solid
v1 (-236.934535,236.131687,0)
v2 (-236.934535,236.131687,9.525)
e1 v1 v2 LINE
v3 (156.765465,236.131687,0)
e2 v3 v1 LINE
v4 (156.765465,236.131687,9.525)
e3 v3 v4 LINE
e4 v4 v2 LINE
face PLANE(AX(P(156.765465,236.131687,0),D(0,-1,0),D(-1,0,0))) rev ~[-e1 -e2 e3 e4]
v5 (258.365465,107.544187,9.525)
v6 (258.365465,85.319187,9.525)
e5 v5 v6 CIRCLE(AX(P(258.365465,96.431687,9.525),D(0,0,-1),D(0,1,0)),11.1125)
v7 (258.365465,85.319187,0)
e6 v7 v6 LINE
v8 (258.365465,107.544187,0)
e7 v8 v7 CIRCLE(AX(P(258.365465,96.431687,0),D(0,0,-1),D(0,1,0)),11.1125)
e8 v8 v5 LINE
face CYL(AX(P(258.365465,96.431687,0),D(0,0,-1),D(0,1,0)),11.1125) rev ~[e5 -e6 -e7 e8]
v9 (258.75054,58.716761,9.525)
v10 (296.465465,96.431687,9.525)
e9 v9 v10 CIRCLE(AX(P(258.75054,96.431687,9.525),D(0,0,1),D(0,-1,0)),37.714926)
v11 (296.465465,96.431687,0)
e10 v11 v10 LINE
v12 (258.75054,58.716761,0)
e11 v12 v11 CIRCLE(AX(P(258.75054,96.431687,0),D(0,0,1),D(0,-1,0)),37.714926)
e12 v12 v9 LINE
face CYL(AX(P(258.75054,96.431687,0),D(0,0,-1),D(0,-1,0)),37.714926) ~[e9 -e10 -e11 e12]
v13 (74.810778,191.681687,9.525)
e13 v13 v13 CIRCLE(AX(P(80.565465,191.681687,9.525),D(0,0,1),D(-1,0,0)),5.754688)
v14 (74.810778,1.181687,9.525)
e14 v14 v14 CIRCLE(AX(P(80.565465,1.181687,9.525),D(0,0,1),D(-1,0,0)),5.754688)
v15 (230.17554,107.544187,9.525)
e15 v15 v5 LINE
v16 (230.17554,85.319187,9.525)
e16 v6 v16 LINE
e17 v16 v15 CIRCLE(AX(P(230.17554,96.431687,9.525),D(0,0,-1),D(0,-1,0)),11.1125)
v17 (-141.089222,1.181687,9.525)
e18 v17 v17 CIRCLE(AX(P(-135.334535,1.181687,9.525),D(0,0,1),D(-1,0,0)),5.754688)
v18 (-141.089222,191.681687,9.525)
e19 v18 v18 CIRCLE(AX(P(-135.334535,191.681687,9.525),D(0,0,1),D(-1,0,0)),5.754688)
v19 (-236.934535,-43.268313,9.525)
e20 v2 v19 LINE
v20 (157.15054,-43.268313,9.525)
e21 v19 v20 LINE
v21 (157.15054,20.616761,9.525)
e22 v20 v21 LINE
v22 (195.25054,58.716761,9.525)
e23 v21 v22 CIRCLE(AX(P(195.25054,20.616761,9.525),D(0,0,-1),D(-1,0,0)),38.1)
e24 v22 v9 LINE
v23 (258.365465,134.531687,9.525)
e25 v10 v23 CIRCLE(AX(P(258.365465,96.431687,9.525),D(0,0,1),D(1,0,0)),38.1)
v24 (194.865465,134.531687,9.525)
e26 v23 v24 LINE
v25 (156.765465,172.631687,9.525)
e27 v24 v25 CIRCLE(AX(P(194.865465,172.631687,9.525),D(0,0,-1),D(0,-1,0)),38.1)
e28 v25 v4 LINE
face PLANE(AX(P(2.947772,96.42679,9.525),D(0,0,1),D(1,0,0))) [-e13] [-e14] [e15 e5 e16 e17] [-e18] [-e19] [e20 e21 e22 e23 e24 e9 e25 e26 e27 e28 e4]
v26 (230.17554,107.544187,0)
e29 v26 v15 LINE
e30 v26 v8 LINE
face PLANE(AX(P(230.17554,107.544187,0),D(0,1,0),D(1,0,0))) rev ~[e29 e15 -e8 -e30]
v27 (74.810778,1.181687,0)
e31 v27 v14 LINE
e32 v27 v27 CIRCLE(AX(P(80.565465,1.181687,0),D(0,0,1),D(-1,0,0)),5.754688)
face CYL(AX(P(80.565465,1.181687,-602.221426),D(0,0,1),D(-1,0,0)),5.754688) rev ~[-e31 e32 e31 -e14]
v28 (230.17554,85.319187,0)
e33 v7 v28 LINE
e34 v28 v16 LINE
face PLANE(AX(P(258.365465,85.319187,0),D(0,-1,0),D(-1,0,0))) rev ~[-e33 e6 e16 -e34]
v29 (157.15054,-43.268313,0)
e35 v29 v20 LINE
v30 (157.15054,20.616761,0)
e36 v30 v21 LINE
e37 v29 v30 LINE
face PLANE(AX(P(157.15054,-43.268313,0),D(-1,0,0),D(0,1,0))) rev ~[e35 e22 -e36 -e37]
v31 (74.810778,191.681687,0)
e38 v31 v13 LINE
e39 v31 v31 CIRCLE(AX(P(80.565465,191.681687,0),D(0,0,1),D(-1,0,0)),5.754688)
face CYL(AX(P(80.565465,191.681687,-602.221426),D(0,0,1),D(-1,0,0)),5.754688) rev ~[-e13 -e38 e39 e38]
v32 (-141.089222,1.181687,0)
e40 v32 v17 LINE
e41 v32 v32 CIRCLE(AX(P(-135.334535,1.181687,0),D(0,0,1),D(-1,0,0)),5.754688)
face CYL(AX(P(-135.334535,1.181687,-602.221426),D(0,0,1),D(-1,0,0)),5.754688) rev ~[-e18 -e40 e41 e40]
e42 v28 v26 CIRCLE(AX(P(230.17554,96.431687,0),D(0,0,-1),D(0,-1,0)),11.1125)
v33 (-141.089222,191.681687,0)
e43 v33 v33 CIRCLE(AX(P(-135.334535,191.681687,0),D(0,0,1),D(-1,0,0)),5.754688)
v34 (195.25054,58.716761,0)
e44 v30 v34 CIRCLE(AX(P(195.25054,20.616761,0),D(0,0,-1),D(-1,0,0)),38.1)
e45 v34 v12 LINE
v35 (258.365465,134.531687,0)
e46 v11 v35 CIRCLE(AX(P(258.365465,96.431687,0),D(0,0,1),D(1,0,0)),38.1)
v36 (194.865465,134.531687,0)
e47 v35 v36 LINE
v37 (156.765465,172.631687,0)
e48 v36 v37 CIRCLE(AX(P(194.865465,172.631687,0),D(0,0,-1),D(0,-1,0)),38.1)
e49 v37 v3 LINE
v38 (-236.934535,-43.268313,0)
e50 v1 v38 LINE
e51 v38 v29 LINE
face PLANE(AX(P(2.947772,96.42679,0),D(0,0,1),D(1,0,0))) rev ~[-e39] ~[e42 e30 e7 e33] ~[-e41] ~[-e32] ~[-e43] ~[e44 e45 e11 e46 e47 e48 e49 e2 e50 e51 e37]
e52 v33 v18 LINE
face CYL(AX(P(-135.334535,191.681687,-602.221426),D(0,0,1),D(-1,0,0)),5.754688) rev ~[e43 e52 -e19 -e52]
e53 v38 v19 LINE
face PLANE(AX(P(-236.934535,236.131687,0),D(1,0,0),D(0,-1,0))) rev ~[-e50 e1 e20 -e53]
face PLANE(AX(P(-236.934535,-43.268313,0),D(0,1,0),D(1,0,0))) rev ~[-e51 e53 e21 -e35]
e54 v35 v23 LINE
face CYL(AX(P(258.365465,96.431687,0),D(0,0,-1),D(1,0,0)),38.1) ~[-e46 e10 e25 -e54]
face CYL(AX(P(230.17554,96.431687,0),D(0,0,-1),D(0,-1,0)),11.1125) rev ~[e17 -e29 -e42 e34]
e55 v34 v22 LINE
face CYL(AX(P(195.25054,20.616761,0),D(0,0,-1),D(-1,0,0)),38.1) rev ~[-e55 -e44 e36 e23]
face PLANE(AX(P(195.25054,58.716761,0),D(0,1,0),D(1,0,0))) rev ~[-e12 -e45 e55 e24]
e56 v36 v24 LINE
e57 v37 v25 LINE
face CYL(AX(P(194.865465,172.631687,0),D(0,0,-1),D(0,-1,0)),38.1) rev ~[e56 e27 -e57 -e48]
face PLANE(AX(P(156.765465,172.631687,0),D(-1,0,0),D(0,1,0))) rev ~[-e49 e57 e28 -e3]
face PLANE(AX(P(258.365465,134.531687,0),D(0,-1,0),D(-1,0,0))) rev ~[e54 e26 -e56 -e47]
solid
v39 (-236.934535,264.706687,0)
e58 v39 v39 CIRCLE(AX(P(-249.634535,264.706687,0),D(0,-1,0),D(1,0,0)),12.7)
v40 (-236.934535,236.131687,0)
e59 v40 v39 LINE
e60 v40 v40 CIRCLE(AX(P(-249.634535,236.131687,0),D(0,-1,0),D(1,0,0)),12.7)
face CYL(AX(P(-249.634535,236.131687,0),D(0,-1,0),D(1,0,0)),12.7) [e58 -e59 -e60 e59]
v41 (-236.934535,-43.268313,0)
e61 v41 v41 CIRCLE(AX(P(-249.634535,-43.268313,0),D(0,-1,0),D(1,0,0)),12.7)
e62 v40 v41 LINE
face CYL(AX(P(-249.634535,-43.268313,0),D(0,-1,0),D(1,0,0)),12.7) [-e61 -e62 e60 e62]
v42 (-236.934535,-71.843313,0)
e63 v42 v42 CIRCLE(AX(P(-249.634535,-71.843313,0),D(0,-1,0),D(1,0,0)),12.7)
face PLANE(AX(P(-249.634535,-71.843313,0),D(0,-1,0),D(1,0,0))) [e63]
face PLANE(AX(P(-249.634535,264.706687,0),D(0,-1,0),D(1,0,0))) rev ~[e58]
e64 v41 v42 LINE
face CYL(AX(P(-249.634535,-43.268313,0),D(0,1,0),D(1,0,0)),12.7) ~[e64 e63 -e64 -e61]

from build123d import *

# Parameters (mm, degrees)
F1_DEPTH = 9.525
F2_D     = 11.509375
F3_R     = 12.7
F4_DEPTH = 279.4
F5_DEPTH = 28.575
F6_DEPTH = 28.575


with BuildPart() as f1:
    # F0 (on Top) → F1 (new body)
    with BuildSketch(Plane.XY):
        with BuildLine():
            Line((-135.3345345497, 236.1316870544), (-236.9345345497, 236.1316870544))
            Line((-236.9345345497, 236.1316870544), (-236.9345345497, -43.2683129456))
            Line((-236.9345345497, -43.2683129456), (157.1505398512, -43.2683129456))
            Line((157.1505398512, -43.2683129456), (157.1505398512, 20.6167614553))
            ThreePointArc((157.1505398512, 20.6167614553), (168.309771488, 47.5575298185), (195.2505398512, 58.7167614553))
            Line((195.2505398512, 58.7167614553), (258.7505398512, 58.7167614553))
            ThreePointArc((258.7505398512, 58.7167614553), (285.4190194943, 69.7632074114), (296.4654654503, 96.4316870544))
            ThreePointArc((296.4654654503, 96.4316870544), (285.3062338135, 123.3724554176), (258.3654654503, 134.5316870544))
            Line((258.3654654503, 134.5316870544), (194.8654654503, 134.5316870544))
            ThreePointArc((194.8654654503, 134.5316870544), (167.9246970871, 145.6909186912), (156.7654654503, 172.6316870544))
            Line((156.7654654503, 172.6316870544), (156.7654654503, 236.1316870544))
            Line((156.7654654503, 236.1316870544), (80.5654654503, 236.1316870544))
            Line((80.5654654503, 236.1316870544), (-135.3345345497, 236.1316870544))
        make_face()
        with BuildLine():
            Line((230.1755398512, 107.5441870544), (258.3654654503, 107.5441870544))
            ThreePointArc((258.3654654503, 107.5441870544), (269.4779654503, 96.4316870544), (258.3654654503, 85.3191870544))
            Line((258.3654654503, 85.3191870544), (230.1755398512, 85.3191870544))
            ThreePointArc((230.1755398512, 85.3191870544), (219.0630398512, 96.4316870544), (230.1755398512, 107.5441870544))
        make_face(mode=Mode.SUBTRACT)
    extrude(amount=F1_DEPTH)

    # F2 (through all)
    with Locations(Plane(origin=(0, 0, 0), x_dir=(1, 0, 0), z_dir=(0, 0, -1))):
        with Locations((-135.3345345497, -191.6816870544), (80.5654654503, -191.6816870544), (80.5654654503, -1.1816870544), (-135.3345345497, -1.1816870544)):
            Hole(F2_D / 2)



with BuildPart() as f4:
    # F3 (on face) → F4 (new body, through all)
    with BuildSketch(Plane.XZ.offset(43.2683129456)):
        with Locations((-249.6345345497, 0)):
            Circle(F3_R)
    extrude(amount=-F4_DEPTH)


with BuildPart() as f1_1:
    add(f1.part)
    # F5 (add): a face of the model
    f5_faces = [f4.part.faces().sort_by_distance(p)[0] for p in [
        (-249.6345345497, -43.2683129456, 0),
    ]]

    add(f4.part)  # F5 merges F4
    extrude(f5_faces, amount=F5_DEPTH)

    # F6 (add): a face of the model
    f6_faces = [f1_1.faces().sort_by_distance(p)[0] for p in [
        (-249.6345345497, 236.1316870544, 0),
    ]]
    extrude(f6_faces, amount=F6_DEPTH)


solid = f1_1.part
